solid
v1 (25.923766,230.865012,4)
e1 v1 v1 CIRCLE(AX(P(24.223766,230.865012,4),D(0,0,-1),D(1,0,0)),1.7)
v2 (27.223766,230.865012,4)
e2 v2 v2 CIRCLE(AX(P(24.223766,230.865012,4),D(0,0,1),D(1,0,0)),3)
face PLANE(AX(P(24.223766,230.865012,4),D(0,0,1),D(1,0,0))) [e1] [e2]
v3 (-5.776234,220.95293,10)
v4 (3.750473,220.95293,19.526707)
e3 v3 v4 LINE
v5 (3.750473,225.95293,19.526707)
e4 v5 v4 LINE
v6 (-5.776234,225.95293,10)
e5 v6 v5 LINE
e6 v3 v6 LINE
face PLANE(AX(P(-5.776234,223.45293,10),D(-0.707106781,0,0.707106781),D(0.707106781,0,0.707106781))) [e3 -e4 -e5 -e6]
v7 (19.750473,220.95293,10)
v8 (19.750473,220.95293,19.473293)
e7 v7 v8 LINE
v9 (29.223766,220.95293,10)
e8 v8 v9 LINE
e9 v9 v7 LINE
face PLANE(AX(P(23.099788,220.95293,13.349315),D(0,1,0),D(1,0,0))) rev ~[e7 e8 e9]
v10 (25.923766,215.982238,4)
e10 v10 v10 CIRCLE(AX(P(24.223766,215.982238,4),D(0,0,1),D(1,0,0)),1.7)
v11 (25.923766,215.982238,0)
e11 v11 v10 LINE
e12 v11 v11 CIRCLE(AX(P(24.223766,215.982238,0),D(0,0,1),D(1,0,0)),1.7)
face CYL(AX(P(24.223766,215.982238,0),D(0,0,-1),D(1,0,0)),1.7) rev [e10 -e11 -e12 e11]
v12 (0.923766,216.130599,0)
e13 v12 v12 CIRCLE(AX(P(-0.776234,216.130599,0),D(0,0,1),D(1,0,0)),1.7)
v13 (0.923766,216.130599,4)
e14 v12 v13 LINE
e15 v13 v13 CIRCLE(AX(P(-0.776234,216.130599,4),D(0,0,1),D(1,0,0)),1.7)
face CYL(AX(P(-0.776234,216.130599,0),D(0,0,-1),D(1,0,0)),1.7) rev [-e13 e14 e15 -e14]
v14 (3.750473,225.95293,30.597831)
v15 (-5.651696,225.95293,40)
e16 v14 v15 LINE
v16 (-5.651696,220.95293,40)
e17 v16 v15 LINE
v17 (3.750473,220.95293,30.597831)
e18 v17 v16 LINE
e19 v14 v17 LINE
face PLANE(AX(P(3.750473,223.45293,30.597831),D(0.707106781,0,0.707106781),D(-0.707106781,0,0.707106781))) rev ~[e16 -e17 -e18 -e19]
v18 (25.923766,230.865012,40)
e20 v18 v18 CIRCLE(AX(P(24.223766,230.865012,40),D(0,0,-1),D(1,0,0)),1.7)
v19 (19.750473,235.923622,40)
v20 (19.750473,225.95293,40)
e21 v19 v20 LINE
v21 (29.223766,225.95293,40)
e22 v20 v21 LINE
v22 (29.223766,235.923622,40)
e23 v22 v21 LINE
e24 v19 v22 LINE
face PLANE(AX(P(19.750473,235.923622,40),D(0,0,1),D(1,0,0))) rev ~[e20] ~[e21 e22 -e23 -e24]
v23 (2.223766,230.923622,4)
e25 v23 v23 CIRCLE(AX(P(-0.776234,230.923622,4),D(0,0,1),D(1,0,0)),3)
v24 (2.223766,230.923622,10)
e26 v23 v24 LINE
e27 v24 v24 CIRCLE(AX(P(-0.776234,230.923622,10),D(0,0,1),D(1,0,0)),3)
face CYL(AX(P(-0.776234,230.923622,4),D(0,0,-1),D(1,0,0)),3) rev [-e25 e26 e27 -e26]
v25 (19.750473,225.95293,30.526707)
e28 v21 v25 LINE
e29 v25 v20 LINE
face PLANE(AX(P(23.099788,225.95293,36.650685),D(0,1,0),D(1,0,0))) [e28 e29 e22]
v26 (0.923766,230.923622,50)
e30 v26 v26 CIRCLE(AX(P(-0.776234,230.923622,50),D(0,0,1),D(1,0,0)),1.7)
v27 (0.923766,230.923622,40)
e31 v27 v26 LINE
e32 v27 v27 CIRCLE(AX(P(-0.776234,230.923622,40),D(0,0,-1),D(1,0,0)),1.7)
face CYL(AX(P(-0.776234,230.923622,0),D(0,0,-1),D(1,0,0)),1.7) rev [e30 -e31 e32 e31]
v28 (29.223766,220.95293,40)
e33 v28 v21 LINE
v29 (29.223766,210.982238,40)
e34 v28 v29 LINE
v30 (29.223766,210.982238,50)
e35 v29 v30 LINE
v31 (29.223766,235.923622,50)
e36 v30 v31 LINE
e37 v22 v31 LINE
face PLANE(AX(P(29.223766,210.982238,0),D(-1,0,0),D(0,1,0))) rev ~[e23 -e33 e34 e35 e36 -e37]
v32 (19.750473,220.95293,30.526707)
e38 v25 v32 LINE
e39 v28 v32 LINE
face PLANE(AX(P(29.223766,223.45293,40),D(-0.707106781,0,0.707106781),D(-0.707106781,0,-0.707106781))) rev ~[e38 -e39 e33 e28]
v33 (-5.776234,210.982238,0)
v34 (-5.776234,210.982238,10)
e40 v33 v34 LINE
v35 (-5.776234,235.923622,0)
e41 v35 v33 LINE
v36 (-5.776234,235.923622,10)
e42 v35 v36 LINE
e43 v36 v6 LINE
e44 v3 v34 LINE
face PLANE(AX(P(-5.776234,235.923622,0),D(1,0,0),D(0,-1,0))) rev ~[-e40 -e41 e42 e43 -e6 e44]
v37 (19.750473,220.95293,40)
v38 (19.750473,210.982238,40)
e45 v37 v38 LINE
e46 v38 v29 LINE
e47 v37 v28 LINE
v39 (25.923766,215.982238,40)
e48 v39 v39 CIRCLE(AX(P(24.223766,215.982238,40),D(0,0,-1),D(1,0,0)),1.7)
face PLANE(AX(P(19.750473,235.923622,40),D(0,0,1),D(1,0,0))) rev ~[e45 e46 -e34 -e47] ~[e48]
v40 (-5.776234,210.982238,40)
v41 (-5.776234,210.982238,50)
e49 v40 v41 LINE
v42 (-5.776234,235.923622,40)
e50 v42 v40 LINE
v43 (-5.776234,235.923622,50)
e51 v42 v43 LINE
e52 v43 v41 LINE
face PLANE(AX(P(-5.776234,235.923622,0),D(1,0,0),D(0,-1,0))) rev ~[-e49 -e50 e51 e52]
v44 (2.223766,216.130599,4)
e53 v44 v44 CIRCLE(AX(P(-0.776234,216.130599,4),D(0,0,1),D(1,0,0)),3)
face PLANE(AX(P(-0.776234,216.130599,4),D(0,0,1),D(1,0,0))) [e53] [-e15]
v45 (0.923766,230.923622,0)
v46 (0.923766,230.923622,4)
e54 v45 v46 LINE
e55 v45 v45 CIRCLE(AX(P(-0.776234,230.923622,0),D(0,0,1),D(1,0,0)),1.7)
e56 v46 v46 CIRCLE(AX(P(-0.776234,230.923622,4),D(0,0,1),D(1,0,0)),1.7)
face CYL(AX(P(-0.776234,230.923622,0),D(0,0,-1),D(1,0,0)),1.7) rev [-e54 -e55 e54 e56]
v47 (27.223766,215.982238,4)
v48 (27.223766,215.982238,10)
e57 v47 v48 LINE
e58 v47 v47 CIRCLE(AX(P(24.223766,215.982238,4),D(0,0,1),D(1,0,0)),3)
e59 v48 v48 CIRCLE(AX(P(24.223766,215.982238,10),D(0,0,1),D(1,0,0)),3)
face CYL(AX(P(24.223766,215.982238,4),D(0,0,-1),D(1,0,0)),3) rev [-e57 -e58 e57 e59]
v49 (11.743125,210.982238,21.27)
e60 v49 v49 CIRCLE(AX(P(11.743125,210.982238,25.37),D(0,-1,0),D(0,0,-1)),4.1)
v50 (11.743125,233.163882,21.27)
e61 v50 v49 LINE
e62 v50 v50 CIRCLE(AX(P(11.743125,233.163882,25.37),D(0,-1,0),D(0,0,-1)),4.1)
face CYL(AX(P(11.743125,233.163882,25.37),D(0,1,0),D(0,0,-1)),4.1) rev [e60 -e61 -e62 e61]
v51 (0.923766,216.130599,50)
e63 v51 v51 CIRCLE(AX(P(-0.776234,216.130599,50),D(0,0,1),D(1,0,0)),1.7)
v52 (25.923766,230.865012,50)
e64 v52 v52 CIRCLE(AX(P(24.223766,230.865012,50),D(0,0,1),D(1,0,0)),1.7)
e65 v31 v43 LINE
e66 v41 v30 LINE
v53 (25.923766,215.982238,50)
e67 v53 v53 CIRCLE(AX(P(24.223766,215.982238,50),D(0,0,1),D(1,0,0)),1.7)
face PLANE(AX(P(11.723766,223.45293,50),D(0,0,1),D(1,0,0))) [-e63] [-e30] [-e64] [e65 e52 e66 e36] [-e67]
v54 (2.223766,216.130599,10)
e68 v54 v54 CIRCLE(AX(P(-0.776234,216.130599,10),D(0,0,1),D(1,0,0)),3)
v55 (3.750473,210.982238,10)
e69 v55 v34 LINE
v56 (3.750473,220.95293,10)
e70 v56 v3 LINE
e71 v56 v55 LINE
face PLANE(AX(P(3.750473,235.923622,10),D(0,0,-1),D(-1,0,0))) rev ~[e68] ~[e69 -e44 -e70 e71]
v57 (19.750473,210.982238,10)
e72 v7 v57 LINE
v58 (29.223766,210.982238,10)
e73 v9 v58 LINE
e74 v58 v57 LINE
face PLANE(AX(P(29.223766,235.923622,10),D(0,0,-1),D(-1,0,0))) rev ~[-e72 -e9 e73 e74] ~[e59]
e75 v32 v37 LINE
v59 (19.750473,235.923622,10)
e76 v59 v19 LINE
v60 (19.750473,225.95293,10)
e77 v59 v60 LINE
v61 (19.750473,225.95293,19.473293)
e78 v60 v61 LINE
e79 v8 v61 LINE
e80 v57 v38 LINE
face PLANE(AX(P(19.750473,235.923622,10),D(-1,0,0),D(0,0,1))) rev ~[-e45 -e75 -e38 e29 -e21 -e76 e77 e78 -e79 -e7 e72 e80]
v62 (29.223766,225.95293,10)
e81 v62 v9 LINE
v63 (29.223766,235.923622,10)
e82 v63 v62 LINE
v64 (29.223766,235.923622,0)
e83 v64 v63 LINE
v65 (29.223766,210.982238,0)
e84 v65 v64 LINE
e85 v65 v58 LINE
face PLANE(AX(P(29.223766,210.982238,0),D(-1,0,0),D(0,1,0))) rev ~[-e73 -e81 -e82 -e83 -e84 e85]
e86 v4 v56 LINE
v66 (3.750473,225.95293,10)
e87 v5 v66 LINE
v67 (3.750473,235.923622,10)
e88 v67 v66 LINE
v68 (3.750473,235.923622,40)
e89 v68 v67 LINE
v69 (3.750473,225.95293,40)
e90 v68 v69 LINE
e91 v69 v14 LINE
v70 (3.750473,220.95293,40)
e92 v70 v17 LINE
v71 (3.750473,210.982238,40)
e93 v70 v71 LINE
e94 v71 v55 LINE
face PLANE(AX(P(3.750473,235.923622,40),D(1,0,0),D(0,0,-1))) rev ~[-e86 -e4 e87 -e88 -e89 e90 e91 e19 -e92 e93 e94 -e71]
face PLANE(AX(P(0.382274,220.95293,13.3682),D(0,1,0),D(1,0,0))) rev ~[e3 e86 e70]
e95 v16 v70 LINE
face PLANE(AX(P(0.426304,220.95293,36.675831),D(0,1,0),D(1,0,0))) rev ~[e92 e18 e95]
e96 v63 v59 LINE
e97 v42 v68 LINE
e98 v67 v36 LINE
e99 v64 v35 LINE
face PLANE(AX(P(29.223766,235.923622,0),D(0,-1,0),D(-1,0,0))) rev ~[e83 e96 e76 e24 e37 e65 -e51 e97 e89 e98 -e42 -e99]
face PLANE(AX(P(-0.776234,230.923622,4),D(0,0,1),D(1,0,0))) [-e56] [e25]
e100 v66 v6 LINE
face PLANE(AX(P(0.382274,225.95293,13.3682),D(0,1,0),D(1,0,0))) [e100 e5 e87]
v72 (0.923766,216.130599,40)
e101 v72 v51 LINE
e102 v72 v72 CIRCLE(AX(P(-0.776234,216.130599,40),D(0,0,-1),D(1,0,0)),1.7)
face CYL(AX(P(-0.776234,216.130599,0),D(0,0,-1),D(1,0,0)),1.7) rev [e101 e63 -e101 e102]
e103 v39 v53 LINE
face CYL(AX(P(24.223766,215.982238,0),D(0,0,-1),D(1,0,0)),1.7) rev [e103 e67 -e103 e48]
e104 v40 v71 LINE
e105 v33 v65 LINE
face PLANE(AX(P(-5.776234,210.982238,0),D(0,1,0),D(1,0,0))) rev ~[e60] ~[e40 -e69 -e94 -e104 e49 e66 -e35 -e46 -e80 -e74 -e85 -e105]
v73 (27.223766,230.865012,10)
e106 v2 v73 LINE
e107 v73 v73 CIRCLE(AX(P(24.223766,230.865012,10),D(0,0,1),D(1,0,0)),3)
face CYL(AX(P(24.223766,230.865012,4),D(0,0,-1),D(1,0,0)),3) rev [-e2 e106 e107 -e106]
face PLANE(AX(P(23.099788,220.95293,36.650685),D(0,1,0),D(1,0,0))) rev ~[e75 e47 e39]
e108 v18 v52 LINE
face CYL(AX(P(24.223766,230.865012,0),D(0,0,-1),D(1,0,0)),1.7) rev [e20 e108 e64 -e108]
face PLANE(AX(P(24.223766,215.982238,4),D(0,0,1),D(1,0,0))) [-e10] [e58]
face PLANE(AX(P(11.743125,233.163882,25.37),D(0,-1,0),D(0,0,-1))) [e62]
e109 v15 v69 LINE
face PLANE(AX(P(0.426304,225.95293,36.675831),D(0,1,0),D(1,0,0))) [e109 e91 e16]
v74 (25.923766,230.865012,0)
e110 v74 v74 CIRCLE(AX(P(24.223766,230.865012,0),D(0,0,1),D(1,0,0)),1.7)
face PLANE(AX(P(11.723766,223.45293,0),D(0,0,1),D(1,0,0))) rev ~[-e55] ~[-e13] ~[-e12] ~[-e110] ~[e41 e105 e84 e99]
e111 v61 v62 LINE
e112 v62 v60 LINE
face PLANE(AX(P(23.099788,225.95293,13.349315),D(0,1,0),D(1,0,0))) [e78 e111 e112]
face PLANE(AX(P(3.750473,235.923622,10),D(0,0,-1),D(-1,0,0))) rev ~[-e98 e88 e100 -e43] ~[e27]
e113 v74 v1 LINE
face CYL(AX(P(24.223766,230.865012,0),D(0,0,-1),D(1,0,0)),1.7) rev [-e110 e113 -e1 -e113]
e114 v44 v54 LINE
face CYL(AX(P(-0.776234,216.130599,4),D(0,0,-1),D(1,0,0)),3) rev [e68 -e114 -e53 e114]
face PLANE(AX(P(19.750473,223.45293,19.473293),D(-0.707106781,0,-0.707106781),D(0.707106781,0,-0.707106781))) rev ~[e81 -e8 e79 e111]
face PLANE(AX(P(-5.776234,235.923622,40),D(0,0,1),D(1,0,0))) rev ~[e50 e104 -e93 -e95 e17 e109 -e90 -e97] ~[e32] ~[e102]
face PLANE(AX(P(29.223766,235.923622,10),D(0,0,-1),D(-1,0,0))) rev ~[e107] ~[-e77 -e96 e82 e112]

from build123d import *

# Parameters (mm, degrees)
SKETCH2_R           = 1.7
BOSS_EXTRUDE1_DEPTH = 50
CUT_EXTRUDE1_DEPTH  = 51
CUT_EXTRUDE2_START  = -22.181644
SKETCH4_R           = 4.1
CUT_EXTRUDE2_DEPTH  = 22.181644
CUT_EXTRUDE3_START  = -6
SKETCH6_R           = 3
SKETCH6_R_2         = 1.7
CUT_EXTRUDE3_DEPTH  = 6
BOSS_EXTRUDE2_DEPTH = 2.5


with BuildPart() as part:
    # Sketch2 → Boss-Extrude1 (new body)
    with BuildSketch(Plane.XY):
        Polygon((29.223766163, 230.865012057), (29.223766163, 235.92362241), (24.223766163, 235.92362241), (-0.776233837, 235.92362241), (-5.776233837, 235.92362241), (-5.776233837, 230.92362241), (-5.776233837, 210.982238102), (24.223766163, 210.982238102), (29.223766163, 210.982238102), (29.223766163, 215.982238102), align=None)
        with Locations((-0.776233837, 216.130599455)):
            Circle(SKETCH2_R, mode=Mode.SUBTRACT)
        with Locations((24.223766163, 215.982238102)):
            Circle(SKETCH2_R, mode=Mode.SUBTRACT)
        with Locations((-0.776233837, 230.92362241)):
            Circle(SKETCH2_R, mode=Mode.SUBTRACT)
        with Locations((24.223766163, 230.865012057)):
            Circle(SKETCH2_R, mode=Mode.SUBTRACT)
    extrude(amount=BOSS_EXTRUDE1_DEPTH)

    # Sketch3 → Cut-Extrude1 (cut)
    with BuildSketch(Plane(origin=(0, 235.92362241, 0), x_dir=(1, 0, 0), z_dir=(0, 1, 0))):
        Polygon((3.750473292, -40), (3.750473292, -27), (3.750473292, -10), (-5.776233837, -10), (-5.776233837, -40), align=None)
        Polygon((29.223766163, -10), (19.750473292, -10), (19.750473292, -27), (19.750473292, -40), (29.223766163, -40), align=None)
    extrude(amount=-CUT_EXTRUDE1_DEPTH, mode=Mode.SUBTRACT)

    # Sketch4 → Cut-Extrude2 (cut)
    with BuildSketch(Plane.XZ.offset(-210.982238102).offset(CUT_EXTRUDE2_START)):
        with Locations(Location((11.743125017, 25.37, 0), (0, 0, 270))):
            Circle(SKETCH4_R)
    extrude(amount=CUT_EXTRUDE2_DEPTH, mode=Mode.SUBTRACT)

    # Sketch6 → Cut-Extrude3 (cut)
    # profile 1 of 4: a face of its own
    with BuildSketch(Plane.XY.offset(10).offset(CUT_EXTRUDE3_START)):
        with Locations((24.223766163, 230.865012057)):
            Circle(SKETCH6_R)
    # profile 2 of 4: a face of its own
    with BuildSketch(Plane.XY.offset(10).offset(CUT_EXTRUDE3_START)):
        with Locations((24.223766163, 215.982238102)):
            Circle(SKETCH6_R)
        with Locations((24.223766163, 215.982238102)):
            Circle(SKETCH6_R_2, mode=Mode.SUBTRACT)
    # profile 3 of 4: a face of its own
    with BuildSketch(Plane.XY.offset(10).offset(CUT_EXTRUDE3_START)):
        with Locations((-0.776233837, 216.130599455)):
            Circle(SKETCH6_R)
        with Locations((-0.776233837, 216.130599455)):
            Circle(SKETCH6_R_2, mode=Mode.SUBTRACT)
    # profile 4 of 4: a face of its own
    with BuildSketch(Plane.XY.offset(10).offset(CUT_EXTRUDE3_START)):
        with Locations((-0.776233837, 230.92362241)):
            Circle(SKETCH6_R)
        with Locations((-0.776233837, 230.92362241)):
            Circle(SKETCH6_R_2, mode=Mode.SUBTRACT)
    extrude(amount=CUT_EXTRUDE3_DEPTH, mode=Mode.SUBTRACT)

    # Sketch8 → Boss-Extrude2 (add, symmetric)
    with BuildSketch(Plane(origin=(0, 223.452930256, 0), x_dir=(1, 0, 0), z_dir=(0, 1, 0))):
        Polygon((3.750473292, -30.597830669), (-5.651696039, -40), (3.750473292, -40), align=None)
        Polygon((19.750473292, -40), (29.223766163, -40), (19.750473292, -30.52670713), align=None)
        Polygon((19.750473292, -10), (19.750473292, -19.47329287), (29.223766163, -10), align=None)
        Polygon((3.750473292, -10), (-5.776233837, -10), (3.750473292, -19.52670713), align=None)
    extrude(amount=BOSS_EXTRUDE2_DEPTH, both=True)


solid = part.part
